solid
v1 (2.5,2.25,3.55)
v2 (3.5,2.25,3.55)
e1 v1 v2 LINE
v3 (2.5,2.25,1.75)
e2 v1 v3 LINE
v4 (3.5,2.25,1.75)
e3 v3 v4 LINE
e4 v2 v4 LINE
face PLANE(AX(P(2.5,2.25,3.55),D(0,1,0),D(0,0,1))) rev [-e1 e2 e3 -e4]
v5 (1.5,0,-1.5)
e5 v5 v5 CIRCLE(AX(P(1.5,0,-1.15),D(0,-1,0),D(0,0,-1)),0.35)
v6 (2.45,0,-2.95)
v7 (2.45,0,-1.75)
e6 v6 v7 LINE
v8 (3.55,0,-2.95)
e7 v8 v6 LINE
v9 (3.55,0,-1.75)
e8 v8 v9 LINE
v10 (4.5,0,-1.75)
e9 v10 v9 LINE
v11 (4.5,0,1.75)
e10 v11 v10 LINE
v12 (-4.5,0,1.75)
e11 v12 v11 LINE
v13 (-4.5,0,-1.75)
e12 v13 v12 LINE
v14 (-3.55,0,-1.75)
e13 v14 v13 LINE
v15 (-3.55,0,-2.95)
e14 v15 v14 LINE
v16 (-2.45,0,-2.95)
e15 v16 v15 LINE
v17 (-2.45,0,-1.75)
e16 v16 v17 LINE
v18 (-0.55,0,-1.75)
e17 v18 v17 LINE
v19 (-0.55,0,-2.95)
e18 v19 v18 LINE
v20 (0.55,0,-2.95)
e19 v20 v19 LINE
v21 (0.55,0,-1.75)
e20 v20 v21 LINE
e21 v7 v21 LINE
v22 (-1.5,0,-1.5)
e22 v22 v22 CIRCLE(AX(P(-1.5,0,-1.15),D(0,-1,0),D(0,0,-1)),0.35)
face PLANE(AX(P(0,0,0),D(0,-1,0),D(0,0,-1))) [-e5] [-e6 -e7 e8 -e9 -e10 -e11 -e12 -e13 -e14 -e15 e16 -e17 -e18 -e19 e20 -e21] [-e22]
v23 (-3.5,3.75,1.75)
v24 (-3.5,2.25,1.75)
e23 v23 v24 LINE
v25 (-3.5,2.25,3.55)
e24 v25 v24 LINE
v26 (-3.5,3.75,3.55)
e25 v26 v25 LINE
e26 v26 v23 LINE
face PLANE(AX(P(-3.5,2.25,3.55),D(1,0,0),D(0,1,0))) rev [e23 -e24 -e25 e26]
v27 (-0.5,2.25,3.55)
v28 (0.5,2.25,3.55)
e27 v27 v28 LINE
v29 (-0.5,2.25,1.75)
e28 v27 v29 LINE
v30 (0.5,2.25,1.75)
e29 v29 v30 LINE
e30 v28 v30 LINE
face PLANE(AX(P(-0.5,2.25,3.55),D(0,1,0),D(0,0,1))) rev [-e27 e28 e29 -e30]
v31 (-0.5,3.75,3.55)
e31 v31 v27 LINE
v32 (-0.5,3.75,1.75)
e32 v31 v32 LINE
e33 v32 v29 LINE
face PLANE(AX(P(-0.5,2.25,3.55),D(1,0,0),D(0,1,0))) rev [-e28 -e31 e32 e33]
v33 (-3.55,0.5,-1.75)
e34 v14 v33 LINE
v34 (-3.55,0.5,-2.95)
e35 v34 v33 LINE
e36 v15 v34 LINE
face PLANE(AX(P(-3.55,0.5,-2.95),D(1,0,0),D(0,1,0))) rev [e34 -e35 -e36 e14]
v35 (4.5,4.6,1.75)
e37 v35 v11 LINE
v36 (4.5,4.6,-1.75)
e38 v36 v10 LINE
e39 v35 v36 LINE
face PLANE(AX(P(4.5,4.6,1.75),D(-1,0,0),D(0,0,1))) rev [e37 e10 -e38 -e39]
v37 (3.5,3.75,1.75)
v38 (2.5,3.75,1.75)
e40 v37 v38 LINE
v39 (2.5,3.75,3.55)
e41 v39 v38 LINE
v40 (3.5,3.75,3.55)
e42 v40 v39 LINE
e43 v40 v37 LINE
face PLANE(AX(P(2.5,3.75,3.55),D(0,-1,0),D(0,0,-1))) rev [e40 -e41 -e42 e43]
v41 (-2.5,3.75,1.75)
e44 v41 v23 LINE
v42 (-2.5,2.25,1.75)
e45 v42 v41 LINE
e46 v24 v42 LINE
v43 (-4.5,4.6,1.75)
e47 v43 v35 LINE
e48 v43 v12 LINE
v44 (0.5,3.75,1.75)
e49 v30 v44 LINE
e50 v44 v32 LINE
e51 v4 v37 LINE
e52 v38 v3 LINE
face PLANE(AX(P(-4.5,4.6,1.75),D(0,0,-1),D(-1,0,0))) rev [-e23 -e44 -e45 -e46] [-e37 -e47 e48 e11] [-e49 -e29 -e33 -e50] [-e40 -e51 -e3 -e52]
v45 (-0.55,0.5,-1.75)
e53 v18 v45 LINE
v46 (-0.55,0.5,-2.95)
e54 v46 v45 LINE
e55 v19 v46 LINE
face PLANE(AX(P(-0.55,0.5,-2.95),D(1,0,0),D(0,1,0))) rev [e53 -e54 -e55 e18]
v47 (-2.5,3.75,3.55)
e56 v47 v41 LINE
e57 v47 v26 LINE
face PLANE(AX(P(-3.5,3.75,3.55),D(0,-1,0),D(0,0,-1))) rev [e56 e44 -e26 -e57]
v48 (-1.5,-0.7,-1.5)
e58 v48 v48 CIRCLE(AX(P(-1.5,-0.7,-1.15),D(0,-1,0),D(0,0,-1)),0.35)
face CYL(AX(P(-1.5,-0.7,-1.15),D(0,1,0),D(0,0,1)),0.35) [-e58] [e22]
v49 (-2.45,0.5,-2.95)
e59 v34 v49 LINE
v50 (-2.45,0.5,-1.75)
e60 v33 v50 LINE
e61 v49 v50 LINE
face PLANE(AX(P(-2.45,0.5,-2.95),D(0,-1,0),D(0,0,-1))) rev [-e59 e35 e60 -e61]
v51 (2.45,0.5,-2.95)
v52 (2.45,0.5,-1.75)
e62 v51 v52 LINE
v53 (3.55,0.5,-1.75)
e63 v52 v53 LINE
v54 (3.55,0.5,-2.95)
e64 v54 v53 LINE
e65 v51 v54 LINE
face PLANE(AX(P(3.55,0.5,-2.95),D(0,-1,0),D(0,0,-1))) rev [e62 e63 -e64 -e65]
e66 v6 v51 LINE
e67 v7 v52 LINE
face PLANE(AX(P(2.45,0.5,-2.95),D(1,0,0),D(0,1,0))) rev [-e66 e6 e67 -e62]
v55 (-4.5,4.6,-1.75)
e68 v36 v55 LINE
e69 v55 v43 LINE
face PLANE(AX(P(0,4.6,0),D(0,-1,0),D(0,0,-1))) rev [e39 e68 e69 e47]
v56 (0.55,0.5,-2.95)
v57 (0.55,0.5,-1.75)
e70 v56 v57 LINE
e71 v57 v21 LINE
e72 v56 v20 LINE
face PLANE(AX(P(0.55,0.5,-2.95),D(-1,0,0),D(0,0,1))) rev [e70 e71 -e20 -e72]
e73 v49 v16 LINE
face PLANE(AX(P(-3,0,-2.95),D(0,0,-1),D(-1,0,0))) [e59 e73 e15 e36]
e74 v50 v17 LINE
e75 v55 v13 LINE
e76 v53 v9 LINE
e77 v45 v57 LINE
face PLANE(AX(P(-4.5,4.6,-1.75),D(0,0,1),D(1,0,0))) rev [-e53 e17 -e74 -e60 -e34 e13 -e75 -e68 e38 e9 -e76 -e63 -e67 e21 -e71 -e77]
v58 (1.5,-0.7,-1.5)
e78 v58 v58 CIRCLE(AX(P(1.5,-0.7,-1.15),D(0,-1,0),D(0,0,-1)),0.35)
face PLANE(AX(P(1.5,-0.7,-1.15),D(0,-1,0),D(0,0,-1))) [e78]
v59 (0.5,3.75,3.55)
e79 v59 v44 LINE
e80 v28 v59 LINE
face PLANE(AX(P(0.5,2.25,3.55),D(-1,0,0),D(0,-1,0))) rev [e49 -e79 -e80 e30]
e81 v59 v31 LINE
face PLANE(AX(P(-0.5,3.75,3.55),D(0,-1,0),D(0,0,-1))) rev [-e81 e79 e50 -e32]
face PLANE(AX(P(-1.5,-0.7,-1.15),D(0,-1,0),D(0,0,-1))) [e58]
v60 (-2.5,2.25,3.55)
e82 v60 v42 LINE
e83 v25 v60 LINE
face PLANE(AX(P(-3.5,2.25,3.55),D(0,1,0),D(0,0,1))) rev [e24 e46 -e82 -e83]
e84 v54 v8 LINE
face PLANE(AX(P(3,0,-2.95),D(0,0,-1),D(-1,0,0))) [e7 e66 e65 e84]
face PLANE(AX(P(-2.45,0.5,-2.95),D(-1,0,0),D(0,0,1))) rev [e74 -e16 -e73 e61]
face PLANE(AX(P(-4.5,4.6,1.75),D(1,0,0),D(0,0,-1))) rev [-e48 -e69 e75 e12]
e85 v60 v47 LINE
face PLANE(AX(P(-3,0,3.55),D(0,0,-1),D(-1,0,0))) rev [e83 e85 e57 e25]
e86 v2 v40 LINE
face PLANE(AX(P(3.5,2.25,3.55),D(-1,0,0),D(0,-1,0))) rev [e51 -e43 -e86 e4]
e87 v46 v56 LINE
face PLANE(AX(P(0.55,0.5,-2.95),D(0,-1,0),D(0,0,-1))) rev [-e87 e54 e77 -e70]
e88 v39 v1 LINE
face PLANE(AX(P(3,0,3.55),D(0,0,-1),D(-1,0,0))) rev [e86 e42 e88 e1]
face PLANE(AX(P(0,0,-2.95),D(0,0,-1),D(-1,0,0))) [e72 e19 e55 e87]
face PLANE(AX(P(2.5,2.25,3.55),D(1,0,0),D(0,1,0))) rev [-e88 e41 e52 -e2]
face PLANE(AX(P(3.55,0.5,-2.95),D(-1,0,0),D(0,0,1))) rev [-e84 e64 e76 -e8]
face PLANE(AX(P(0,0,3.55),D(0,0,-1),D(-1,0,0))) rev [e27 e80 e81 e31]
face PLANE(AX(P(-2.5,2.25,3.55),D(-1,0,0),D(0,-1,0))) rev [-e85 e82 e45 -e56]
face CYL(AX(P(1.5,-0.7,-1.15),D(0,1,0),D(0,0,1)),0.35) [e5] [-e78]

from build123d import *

# Parameters (mm, degrees)
SKETCH1_W            = 9
SKETCH1_H            = 3.5
BOSS_EXTRUDE1_DEPTH  = 4.6
SKETCH2_W            = 1
SKETCH2_H            = 1.5
BOSS_EXTRUDE2_DEPTH  = 1.8
LPATTERN1_COUNT      = 2
LPATTERN1_PITCH      = 3
LPATTERN1_COUNT_DIR2 = 2
LPATTERN1_PITCH_DIR2 = 3
SKETCH5_R            = 0.35
BOSS_EXTRUDE4_DEPTH  = 0.7
SKETCH3_W            = 1.1
SKETCH3_H            = 0.5
BOSS_EXTRUDE3_DEPTH  = 1.2
LPATTERN2_COUNT      = 2
LPATTERN2_PITCH      = 3
LPATTERN2_COL_COUNT  = 2
LPATTERN2_COL_PITCH  = 3


with BuildPart() as part:
    # Sketch1 → Boss-Extrude1 (new body)
    with BuildSketch(Plane(origin=(0, 0, 0), x_dir=(1, 0, 0), z_dir=(0, 1, 0))):
        Rectangle(SKETCH1_W, SKETCH1_H)
    extrude(amount=BOSS_EXTRUDE1_DEPTH)

    # Sketch2 → Boss-Extrude2 (add)
    with BuildSketch(Plane.XY.offset(1.75)):
        with Locations((0, 3)):
            Rectangle(SKETCH2_W, SKETCH2_H)
    boss_extrude2 = extrude(amount=BOSS_EXTRUDE2_DEPTH)

    # LPattern1: Boss-Extrude2 2 × 2
    with Locations(*[Vector(1, 0, 0) * (i * LPATTERN1_PITCH) + Vector(-1, 0, 0) * (j * LPATTERN1_PITCH_DIR2) for i in range(LPATTERN1_COUNT) for j in range(LPATTERN1_COUNT_DIR2) if (i, j) != (0, 0)]):
        add(boss_extrude2)

    # Sketch5 → Boss-Extrude4 (add)
    with BuildSketch(Plane.XZ):
        with Locations((-1.5, -1.15)):
            Circle(SKETCH5_R)
        with Locations((1.5, -1.15)):
            Circle(SKETCH5_R)
    extrude(amount=BOSS_EXTRUDE4_DEPTH)

    # Sketch3 → Boss-Extrude3 (add)
    with BuildSketch(Plane(origin=(0, 0, -1.75), x_dir=(-1, 0, 0), z_dir=(0, 0, -1))):
        with Locations((0, 0.25)):
            Rectangle(SKETCH3_W, SKETCH3_H)
    boss_extrude3 = extrude(amount=BOSS_EXTRUDE3_DEPTH)

    # LPattern2: Boss-Extrude3 ×2
    with Locations(*[(i * LPATTERN2_PITCH, 0, 0) for i in range(1, LPATTERN2_COUNT)]):
        add(boss_extrude3)

    # LPattern2 col: Boss-Extrude3 ×2
    with Locations(*[(-i * LPATTERN2_COL_PITCH, 0, 0) for i in range(1, LPATTERN2_COL_COUNT)]):
        add(boss_extrude3)


solid = part.part
